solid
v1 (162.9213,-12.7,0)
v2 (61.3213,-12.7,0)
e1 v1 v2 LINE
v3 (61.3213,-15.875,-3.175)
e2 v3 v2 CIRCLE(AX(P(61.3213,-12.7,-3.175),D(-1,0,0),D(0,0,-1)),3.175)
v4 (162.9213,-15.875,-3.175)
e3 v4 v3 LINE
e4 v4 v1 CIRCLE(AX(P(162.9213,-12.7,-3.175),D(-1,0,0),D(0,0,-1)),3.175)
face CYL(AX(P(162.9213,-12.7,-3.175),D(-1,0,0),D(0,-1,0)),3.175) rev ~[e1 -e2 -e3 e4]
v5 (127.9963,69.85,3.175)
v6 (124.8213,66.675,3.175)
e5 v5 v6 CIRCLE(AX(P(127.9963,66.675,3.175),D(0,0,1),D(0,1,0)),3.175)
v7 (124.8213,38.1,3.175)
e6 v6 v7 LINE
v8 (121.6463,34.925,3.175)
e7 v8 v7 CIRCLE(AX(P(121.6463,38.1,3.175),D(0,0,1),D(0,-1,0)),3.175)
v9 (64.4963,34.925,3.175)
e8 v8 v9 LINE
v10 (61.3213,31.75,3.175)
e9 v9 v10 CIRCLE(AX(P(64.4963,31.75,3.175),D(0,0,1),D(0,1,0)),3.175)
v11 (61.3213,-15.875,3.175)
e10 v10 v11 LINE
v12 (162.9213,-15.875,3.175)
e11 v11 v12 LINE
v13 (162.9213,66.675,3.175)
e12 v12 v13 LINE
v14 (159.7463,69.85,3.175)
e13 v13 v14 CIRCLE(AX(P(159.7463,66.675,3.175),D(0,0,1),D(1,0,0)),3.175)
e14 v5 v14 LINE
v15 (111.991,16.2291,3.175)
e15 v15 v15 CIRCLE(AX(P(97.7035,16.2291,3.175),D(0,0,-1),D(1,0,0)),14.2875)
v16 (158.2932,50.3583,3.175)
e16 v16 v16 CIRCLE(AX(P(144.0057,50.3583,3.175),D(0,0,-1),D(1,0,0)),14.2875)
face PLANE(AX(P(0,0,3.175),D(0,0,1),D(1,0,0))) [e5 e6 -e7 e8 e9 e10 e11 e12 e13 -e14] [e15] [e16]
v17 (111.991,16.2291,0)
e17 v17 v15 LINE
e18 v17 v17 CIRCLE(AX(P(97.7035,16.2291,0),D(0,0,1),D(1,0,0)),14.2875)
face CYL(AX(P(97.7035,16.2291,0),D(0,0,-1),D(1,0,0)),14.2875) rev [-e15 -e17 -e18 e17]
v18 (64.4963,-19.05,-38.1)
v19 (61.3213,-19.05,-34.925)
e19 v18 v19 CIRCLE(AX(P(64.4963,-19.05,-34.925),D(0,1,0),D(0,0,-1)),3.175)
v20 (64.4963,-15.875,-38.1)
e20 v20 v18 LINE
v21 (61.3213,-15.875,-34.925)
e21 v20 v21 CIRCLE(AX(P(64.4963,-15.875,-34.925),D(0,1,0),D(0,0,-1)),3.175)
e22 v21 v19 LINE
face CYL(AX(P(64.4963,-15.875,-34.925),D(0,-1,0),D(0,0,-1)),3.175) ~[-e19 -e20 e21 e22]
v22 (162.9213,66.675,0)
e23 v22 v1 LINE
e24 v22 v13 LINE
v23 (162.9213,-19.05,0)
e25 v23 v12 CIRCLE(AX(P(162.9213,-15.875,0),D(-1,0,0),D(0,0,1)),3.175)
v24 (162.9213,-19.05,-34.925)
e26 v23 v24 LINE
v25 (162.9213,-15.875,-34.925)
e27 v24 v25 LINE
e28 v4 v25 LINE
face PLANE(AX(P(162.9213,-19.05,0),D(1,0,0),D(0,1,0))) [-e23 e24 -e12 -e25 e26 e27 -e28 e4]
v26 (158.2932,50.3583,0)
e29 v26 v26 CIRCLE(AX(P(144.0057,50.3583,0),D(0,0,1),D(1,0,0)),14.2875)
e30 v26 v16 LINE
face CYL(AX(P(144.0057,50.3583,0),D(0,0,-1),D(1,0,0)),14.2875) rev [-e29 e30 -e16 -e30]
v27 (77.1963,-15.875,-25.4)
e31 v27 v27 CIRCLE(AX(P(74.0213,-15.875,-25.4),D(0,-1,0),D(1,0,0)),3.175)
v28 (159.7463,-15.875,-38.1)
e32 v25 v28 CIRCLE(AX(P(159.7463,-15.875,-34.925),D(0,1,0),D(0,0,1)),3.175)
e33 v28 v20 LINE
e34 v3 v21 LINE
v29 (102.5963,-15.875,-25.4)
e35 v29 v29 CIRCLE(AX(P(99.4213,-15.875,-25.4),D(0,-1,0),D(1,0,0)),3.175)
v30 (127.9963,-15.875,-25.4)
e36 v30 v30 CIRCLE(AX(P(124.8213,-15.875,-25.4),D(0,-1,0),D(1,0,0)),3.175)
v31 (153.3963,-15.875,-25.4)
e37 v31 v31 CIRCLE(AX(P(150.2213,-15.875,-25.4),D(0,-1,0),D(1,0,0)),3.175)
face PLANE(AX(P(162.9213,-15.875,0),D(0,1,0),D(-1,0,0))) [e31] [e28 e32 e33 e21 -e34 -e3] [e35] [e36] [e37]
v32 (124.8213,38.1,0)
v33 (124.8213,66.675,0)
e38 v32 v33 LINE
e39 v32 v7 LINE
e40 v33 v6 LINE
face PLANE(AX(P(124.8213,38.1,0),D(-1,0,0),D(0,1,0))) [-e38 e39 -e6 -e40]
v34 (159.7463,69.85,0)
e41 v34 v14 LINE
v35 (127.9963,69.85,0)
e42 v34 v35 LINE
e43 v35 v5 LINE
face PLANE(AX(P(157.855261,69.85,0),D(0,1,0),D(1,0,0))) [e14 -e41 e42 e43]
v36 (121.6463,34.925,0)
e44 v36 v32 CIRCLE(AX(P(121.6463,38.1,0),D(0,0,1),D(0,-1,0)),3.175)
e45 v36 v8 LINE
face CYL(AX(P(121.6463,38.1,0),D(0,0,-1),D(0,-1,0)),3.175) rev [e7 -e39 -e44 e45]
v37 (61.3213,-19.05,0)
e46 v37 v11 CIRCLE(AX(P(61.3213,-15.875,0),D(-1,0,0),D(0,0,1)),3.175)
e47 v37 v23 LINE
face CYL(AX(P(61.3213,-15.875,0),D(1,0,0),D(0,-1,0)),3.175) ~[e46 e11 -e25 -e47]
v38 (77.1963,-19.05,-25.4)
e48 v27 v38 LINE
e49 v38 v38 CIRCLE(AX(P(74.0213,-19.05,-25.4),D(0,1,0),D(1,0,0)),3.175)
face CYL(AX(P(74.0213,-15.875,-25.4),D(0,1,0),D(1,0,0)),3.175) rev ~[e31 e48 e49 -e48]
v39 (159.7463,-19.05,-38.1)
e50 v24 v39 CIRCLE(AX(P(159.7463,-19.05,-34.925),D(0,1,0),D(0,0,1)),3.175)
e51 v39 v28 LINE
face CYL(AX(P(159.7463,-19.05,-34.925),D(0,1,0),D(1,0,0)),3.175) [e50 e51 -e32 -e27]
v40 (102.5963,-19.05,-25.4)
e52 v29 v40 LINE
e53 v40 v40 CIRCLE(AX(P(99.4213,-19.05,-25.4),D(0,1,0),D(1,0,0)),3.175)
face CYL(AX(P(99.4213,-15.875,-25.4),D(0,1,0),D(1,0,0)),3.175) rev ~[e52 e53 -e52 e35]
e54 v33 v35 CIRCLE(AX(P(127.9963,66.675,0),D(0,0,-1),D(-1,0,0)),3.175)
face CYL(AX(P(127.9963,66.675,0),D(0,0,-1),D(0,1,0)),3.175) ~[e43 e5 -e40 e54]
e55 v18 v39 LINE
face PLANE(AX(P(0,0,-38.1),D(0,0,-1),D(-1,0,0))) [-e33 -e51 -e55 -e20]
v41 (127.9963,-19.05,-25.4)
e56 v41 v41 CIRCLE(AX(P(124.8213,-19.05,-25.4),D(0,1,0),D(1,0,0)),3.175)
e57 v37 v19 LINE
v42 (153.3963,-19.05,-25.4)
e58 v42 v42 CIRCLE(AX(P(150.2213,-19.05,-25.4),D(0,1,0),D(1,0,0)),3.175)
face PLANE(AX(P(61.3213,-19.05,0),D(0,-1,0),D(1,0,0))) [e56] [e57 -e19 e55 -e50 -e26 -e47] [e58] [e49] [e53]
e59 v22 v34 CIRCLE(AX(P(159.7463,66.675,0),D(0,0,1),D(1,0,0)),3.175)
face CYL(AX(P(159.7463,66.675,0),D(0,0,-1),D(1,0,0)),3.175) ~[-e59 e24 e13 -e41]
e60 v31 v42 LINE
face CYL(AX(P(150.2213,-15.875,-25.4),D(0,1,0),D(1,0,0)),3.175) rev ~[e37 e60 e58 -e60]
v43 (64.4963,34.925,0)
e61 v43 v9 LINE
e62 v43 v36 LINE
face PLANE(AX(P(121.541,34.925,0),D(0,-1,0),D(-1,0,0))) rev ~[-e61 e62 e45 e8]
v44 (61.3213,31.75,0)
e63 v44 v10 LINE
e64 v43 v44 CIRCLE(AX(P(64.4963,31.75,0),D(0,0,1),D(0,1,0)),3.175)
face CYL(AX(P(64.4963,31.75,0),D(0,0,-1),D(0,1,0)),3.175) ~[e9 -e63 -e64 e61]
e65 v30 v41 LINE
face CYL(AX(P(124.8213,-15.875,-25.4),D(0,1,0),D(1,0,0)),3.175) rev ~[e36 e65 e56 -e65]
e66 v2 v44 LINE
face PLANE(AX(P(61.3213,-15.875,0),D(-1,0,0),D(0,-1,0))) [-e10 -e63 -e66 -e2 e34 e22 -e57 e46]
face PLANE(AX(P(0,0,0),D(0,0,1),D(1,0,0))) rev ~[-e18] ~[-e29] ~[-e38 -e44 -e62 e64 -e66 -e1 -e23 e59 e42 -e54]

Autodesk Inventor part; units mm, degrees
ref_plane "YZ Plane" through (0, 0, 0) normal (1, 0, 0) x (0, 1, 0)
ref_plane "XZ Plane" through (0, 0, 0) normal (0, 1, 0) x (-1, 0, 0)
ref_plane "XY Plane" through (0, 0, 0) normal (0, 0, 1) x (1, 0, 0)
sketch "Sketch1" plane through (0, 0, 0) normal (0, 0, 1) x (1, 0, 0)
  line L0 (762, 0) -> (762, -101.6)
  line L1 (762, -101.6) -> (0, -101.6)
  line L2 (0, -101.6) -> (0, 0)
  line L3 (194.457, 486.6085) -> (233.372, 453.9549)
  line L4 (233.372, 453.9549) -> (102.7576, 298.2946)
  line L5 (102.7576, 298.2946) -> (63.8425, 330.9483)
  line L6 (63.8425, 330.9483) -> (194.457, 486.6085)
  line L7 (-316.8542, 110.7002) -> (-152.9915, 230.8635)
  line L8 (-152.9915, 230.8635) -> (-122.9506, 189.8979)
  line L9 (-122.9506, 189.8979) -> (-286.8134, 69.7345)
  line L10 (-286.8134, 69.7345) -> (-316.8542, 110.7002)
  circle A0 centre (97.7035, 16.2291) radius 358.4366 construction
  line L11 (-240.3853, 135.2786) -> (97.7035, 16.2291) construction
  line L12 (97.7035, 16.2291) -> (132.2805, 372.994) construction
  circle A1 centre (144.0057, 50.3583) radius 362.156 construction
  line L13 (144.0057, 50.3583) -> (164.9341, 411.9091) construction
  line L14 (144.0057, 50.3583) -> (-199.4196, 165.3194) construction
  circle A2 centre (-240.3853, 135.2786) radius 12.7
  circle A3 centre (-199.4196, 165.3194) radius 12.7
  circle A4 centre (132.2805, 372.994) radius 12.7
  circle A5 centre (164.9341, 411.9091) radius 12.7
  circle A6 centre (97.7035, 16.2291) radius 12.7
  circle A7 centre (144.0057, 50.3583) radius 12.7
  line L15 (-199.4196, 165.3194) -> (144.0057, 50.3583) construction
  arc A8 (-215.4061, 202.6622) -> (-230.8062, 191.1057) centre (-199.4196, 165.3194) ccw
  arc A9 (131.5057, 48.1134) -> (132.3942, 55.5025) centre (144.0057, 50.3583) ccw
  line L16 (-240.3853, 135.2786) -> (97.7035, 16.2291) construction
  line L17 (-244.6034, 123.2995) -> (93.4854, 4.2501)
  line L18 (101.9216, 28.2081) -> (-236.1671, 147.2576)
  arc A10 (-236.1671, 147.2576) -> (-244.6034, 123.2995) centre (-240.3853, 135.2786) ccw
  arc A11 (93.4854, 4.2501) -> (101.9216, 28.2081) centre (97.7035, 16.2291) ccw
  line L19 (164.9341, 411.9091) -> (144.0057, 50.3583) construction
  line L20 (152.2553, 412.643) -> (131.3269, 51.0922)
  line L21 (156.6845, 49.6244) -> (177.6129, 411.1752)
  arc A12 (177.6129, 411.1752) -> (152.2553, 412.643) centre (164.9341, 411.9091) ccw
  arc A13 (131.3269, 51.0922) -> (156.6845, 49.6244) centre (144.0057, 50.3583) ccw
  line L22 (132.2805, 372.994) -> (97.7035, 16.2291) construction
  line L23 (119.6397, 374.2192) -> (85.0627, 17.4542)
  line L24 (110.3443, 15.004) -> (144.9213, 371.7689)
  arc A14 (144.9213, 371.7689) -> (119.6397, 374.2192) centre (132.2805, 372.994) ccw
  arc A15 (85.0627, 17.4542) -> (110.3443, 15.004) centre (97.7035, 16.2291) ccw
  line L25 (144.0057, 50.3583) -> (-199.4196, 165.3194) construction
  line L26 (148.0371, 62.4015) -> (-195.3881, 177.3626)
  line L27 (-203.451, 153.2763) -> (139.9743, 38.3151)
  arc A16 (139.9743, 38.3151) -> (148.0371, 62.4015) centre (144.0057, 50.3583) ccw
  arc A17 (-195.3881, 177.3626) -> (-203.451, 153.2763) centre (-199.4196, 165.3194) ccw
  line L28 (162.9213, 0) -> (162.9213, 31.75)
  line L29 (61.3213, 28.575) -> (61.3213, 0)
  line L30 (162.9213, 31.75) -> (124.8213, 31.75)
  line L31 (124.8213, 38.1) -> (124.8213, 66.675)
  line L32 (127.9963, 69.85) -> (159.7463, 69.85)
  line L33 (162.9213, 66.675) -> (162.9213, 31.75)
  arc A18 (162.9213, 66.675) -> (159.7463, 69.85) centre (159.7463, 66.675) ccw
  arc A19 (127.9963, 69.85) -> (124.8213, 66.675) centre (127.9963, 66.675) ccw
  circle A20 centre (144.0057, 50.3583) radius 14.2875
  circle A21 centre (97.7035, 16.2291) radius 14.2875
  line L34 (61.3213, 0) -> (61.3213, -6.35)
  line L35 (61.3213, -6.35) -> (162.9213, -6.35)
  line L36 (162.9213, -6.35) -> (162.9213, 0)
  line L37 (124.8213, 34.925) -> (121.541, 34.925)
  line L38 (121.6463, 34.925) -> (64.4963, 34.925)
  line L39 (61.3213, 31.75) -> (61.3213, 28.575)
  arc A22 (64.4963, 34.925) -> (61.3213, 31.75) centre (64.4963, 31.75) ccw
  arc A23 (121.6463, 34.925) -> (124.8213, 38.1) centre (121.6463, 38.1) ccw
  line L40 (61.3213, -6.35) -> (61.3213, -19.05)
  line L41 (61.3213, -19.05) -> (162.9213, -19.05)
  line L42 (162.9213, -19.05) -> (162.9213, -6.35)
  line L43 (61.3213, -15.875) -> (162.9213, -15.875)
  point P0 (213.9145, 470.2817)
  point P1 (83.3001, 314.6214)
  point P2 (-301.8338, 90.2173)
  point P3 (-27.7069, 107.8389)
  point P4 (-71.3409, 75.7538)
  point P5 (154.4699, 231.1337)
  point P6 (114.992, 194.6116)
  point P7 (-27.7069, 107.8389)
  point P8 (124.8213, 69.85)
  point P9 (162.9213, 69.85)
  point P10 (132.4127, 69.85)
  point P11 (132.2867, 67.6739)
  point P12 (141.8302, 64.4792)
  point P13 (131.7052, 57.6267)
  point P14 (126.6629, 69.5564)
  point P15 (61.3213, 34.925)
  point P16 (124.8213, 43.3876)
  point P17 (157.8552, 69.85)
  point P18 (157.0627, 56.1589)
  point P19 (133.7674, 40.3929)
  point P20 (86.6269, 33.5938)
  point P21 (82.8464, 34.925)
  point P22 (86.756, 34.925)
  dimension "d0" = 762
  dimension "d1" = 101.6
  dimension "d2" = 50.8
  dimension "d3" = 203.2
  dimension "d6" = 203.2
  dimension "d7" = 50.8
  dimension "d12" = 25.4
  dimension "d13" = 25.4
  dimension "d14" = 25.4
  dimension "d15" = 25.4
  dimension "d16" = 25.4
  dimension "d17" = 25.4
  dimension "d18" = 25.4
  dimension "d19" = 25.4
  dimension "d20" = 76.2
  dimension "d21" = 76.2
  dimension "d22" = 76.2
  dimension "d23" = 76.2
  dimension "d24" = 25.4
  dimension "d25" = 25.4
  dimension "d26" = 25.4
  dimension "d27" = 25.4
  dimension "d28" = 25.4
  dimension "d29" = 25.4
  dimension "d30" = 25.4
  dimension "d32" = 31.75
  dimension "d33" = 38.1
  dimension "d34" = 38.1
  dimension "d35" = 3.175
  dimension "d43" = 28.575
  dimension "d44" = 28.575
  dimension "d45" = 6.35
  dimension "d47" = 3.175
  dimension "d65" = 12.7
  dimension "d66" = 3.175
extrude "Extrusion1" add sketch "Sketch1" along normal blind 3.175 contours L32 A18 L33 L28 L36 L35 L34 L29 L17 A21 L24 L38 L37 A23 L31 L27 A20 L21 | L21 A20 L26 L20 L32 | L20 L26 A19 L32 | L26 A20 L20 | L20 A20 L27 L31 A19 L26 | L38 L24 A21 L18 L23 | L23 L18 L38 | L23 A21 L17 L29 L39 A22 L38 L18 | L18 A21 L23 | L42 L43 L40 L35 | L42 L41 L40 L43
sketch "Sketch7" plane through (0, 0, 0) normal (0, 0, -1) x (-1, 0, 0)
  line L0 (-162.9213, -19.05) -> (-162.9213, 66.675) projected
  line L1 (-61.3213, -19.05) -> (-162.9213, -19.05) projected
  line L2 (-61.3213, 31.75) -> (-61.3213, -19.05) projected
  line L3 (-162.9213, -15.875) -> (-61.3213, -15.875)
  point P0 (0, 0)
  dimension "d82" = 3.175
extrude "Extrusion7" add sketch "Sketch7" along normal blind 38.1
fillet "Fillet3" radius 3.175 4 edges at (61.3213, -17.4625, -38.1) (162.9213, -17.4625, -38.1) (112.1213, -15.875, 0) (112.1213, -19.05, 3.175)
sketch "Sketch8" plane through (61.3213, -15.875, -3.175) normal (0, 1, 0) x (1, 0, 0)
  line L0 (101.6, 0) -> (101.6, 31.75) projected
  arc A0 (101.6, 31.75) -> (98.425, 34.925) centre (98.425, 31.75) ccw projected
  line L1 (3.175, 34.925) -> (98.425, 34.925) projected
  line L2 (0, 0) -> (0, 31.75) projected
  arc A1 (3.175, 34.925) -> (0, 31.75) centre (3.175, 31.75) ccw projected
  line L3 (101.6, 22.225) -> (0, 22.225)
  line L4 (0, 31.75) -> (0, -3.175) projected
  circle A2 centre (88.9, 22.225) radius 3.175
  circle A3 centre (63.5, 22.225) radius 3.175
  circle A4 centre (38.1, 22.225) radius 3.175
  circle A5 centre (12.7, 22.225) radius 3.175
  point P0 (-61.3213, -3.175)
  dimension "d86" = 12.7
  dimension "d87" = 6.35
  dimension "d88" = 6.35
  dimension "d89" = 6.35
  dimension "d90" = 6.35
  dimension "d91" = 12.7
  dimension "d92" = 25.4
  dimension "d93" = 25.4
  dimension "d94" = 25.4
extrude "Extrusion8" cut sketch "Sketch8" against normal blind 38.1 contours A2 L3 | L3 A2 | A3 L3 | L3 A3 | A4 L3 | L3 A4 | A5 L3 | L3 A5
properties part number "4-bar intake mount(alt)"
